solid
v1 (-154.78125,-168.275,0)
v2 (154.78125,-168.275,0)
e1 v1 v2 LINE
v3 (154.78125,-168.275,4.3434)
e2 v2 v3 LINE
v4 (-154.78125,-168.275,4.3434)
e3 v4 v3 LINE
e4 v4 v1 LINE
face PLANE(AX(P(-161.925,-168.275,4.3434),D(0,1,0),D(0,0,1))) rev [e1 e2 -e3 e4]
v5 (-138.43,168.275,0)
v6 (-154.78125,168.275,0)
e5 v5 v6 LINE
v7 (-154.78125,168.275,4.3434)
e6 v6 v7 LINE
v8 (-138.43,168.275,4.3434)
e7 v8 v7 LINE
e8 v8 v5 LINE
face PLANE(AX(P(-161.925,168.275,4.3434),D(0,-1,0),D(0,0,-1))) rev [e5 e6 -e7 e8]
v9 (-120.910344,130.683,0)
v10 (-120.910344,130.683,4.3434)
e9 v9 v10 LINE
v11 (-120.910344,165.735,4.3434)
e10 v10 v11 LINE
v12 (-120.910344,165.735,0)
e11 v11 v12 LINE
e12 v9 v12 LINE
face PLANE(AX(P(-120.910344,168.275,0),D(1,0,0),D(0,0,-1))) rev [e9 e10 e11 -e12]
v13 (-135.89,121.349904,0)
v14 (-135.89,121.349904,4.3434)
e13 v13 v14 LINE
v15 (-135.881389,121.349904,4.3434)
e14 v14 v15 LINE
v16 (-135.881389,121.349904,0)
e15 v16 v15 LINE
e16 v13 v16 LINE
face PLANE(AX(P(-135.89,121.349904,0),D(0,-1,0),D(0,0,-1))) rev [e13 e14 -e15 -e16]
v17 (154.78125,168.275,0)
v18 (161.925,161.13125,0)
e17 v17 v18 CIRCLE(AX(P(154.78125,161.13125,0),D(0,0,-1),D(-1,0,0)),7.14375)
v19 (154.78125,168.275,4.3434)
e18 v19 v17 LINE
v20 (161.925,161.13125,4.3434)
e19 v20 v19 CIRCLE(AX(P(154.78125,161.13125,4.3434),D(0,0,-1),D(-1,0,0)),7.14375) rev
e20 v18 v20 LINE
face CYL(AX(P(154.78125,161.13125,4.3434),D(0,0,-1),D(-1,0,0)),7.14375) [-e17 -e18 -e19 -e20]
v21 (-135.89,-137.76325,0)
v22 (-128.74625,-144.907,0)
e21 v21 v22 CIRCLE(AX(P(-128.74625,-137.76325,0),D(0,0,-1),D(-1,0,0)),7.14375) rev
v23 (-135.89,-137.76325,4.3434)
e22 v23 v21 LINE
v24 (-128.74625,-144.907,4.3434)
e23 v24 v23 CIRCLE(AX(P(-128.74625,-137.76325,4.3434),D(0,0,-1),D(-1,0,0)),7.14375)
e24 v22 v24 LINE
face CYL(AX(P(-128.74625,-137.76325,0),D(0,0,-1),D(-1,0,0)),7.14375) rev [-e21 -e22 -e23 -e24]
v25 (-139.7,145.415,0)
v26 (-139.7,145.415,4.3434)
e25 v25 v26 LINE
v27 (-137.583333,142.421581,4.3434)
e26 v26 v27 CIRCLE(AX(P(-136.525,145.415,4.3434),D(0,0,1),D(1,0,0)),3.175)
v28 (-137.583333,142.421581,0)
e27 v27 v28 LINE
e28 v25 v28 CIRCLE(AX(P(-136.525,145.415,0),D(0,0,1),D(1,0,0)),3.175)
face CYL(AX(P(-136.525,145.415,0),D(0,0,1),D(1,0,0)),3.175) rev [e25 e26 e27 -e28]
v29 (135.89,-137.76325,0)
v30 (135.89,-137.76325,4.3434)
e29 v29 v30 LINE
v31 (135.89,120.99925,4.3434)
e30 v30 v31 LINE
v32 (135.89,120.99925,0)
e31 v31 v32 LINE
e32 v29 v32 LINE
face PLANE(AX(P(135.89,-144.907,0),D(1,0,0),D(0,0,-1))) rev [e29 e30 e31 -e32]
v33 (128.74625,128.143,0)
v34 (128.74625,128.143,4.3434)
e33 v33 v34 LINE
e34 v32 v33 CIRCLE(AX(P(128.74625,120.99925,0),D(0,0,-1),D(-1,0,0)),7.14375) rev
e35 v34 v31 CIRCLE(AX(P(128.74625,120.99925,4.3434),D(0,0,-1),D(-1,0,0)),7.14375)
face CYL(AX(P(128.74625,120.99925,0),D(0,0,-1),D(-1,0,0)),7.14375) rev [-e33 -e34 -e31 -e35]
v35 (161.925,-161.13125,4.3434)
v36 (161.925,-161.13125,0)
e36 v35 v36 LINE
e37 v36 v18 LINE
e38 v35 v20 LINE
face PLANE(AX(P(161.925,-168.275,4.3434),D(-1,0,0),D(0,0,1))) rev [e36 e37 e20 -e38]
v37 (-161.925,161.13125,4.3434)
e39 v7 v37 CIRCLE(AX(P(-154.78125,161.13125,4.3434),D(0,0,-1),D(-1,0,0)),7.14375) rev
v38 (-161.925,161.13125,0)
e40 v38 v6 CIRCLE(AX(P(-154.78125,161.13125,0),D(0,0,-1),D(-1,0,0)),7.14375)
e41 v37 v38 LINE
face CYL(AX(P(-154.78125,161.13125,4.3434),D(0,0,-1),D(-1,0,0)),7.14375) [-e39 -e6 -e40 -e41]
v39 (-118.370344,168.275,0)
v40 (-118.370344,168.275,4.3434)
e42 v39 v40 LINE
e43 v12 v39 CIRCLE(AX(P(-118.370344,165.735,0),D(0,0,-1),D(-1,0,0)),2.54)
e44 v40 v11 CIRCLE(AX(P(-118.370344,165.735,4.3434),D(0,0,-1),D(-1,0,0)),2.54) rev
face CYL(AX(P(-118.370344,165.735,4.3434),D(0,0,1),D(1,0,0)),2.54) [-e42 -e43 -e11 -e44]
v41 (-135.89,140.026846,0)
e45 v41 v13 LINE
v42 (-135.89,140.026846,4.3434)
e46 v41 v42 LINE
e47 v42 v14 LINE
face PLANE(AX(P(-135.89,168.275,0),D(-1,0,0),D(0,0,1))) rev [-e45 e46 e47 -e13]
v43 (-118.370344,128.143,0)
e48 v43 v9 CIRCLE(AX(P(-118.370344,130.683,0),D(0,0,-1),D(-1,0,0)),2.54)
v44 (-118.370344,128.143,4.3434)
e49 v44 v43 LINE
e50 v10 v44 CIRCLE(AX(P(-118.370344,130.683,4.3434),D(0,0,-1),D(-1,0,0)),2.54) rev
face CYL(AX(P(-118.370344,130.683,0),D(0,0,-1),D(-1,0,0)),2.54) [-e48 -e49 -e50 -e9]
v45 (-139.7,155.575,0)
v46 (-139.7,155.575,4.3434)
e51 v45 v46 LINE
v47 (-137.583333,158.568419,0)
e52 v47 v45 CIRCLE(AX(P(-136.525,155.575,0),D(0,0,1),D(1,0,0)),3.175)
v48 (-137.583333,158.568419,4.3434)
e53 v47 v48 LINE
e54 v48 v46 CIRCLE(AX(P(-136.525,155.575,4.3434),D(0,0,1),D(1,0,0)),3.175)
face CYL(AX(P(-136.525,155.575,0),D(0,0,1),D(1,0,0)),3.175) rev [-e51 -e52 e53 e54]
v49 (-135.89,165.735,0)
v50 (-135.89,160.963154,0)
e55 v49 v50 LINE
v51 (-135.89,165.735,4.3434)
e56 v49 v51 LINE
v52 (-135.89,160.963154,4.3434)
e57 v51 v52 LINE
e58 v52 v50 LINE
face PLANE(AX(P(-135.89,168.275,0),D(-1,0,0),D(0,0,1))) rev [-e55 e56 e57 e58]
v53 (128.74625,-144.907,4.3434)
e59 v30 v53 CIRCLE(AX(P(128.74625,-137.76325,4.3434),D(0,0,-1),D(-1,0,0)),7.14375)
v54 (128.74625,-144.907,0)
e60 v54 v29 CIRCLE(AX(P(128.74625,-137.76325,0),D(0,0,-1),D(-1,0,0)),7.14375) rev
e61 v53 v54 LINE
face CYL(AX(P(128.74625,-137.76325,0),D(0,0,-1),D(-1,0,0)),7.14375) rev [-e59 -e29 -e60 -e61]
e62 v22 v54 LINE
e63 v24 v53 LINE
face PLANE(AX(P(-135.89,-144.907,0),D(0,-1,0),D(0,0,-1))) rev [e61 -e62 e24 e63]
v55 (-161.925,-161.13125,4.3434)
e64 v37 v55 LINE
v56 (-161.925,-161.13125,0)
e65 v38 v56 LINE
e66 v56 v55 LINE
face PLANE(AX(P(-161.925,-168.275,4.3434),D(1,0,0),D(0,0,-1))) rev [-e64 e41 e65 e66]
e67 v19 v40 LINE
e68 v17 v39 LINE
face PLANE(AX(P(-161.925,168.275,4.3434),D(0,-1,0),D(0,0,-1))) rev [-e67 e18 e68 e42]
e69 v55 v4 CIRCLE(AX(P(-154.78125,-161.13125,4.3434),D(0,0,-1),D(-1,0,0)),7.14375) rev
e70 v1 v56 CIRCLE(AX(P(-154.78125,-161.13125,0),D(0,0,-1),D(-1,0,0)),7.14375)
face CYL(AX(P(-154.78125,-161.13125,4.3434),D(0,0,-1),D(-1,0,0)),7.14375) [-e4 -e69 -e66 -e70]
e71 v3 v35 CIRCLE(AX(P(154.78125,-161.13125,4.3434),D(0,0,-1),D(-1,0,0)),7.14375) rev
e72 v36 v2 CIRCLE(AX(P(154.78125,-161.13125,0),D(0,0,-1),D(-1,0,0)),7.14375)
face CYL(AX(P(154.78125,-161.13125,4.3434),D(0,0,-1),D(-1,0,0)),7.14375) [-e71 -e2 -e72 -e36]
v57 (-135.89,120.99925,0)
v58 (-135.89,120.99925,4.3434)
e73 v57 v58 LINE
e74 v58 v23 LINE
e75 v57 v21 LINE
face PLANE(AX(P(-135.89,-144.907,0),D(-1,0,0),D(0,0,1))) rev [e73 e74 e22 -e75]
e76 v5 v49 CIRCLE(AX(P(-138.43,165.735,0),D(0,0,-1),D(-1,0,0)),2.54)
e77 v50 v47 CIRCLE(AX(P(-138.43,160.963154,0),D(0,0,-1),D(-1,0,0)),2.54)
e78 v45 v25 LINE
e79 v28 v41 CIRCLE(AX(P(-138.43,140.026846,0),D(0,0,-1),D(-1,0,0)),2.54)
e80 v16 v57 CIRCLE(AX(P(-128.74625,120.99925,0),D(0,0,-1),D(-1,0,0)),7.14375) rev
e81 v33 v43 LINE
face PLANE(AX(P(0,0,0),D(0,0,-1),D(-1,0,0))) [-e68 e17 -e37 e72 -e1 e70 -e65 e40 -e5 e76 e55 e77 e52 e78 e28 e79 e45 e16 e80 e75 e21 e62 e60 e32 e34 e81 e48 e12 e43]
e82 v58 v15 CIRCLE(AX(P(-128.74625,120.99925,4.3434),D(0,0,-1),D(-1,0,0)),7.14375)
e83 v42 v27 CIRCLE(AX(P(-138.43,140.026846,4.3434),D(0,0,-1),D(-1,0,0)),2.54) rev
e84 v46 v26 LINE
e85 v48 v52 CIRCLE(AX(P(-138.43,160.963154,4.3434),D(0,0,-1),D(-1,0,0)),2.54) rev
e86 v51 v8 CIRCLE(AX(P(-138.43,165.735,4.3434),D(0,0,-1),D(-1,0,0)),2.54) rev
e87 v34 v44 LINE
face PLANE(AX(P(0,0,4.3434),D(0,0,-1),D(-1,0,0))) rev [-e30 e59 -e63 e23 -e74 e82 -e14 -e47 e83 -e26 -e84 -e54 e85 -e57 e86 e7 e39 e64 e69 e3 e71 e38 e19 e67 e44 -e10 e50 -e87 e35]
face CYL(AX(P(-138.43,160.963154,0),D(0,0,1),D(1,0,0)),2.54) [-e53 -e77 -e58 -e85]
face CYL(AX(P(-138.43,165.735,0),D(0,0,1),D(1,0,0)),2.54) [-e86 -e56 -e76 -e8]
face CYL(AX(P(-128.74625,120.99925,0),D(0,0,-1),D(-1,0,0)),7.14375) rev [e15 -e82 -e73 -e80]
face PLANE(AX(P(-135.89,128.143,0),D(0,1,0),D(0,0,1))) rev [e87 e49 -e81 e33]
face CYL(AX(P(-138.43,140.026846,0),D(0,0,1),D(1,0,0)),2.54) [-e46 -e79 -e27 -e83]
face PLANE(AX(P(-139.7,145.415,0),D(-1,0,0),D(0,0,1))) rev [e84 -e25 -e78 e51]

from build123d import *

# Parameters (mm, degrees)
SKETCH1_W           = 323.85
SKETCH1_H           = 336.55
BOSS_EXTRUDE1_DEPTH = 4.3434
SKETCH2_W           = 271.78
SKETCH2_H           = 273.05
CUT_EXTRUDE1_DEPTH  = 5.3434
FILLET1_R           = 7.14375
CUT_EXTRUDE2_DEPTH  = 5.3434
SKETCH4_W           = 14.979655554
SKETCH4_H           = 46.925096095
CUT_EXTRUDE3_DEPTH  = 5.3434
FILLET2_R           = 2.54


with BuildPart() as part:
    # Sketch1 → Boss-Extrude1 (new body)
    with BuildSketch(Plane.XY):
        Rectangle(SKETCH1_W, SKETCH1_H)
    extrude(amount=BOSS_EXTRUDE1_DEPTH)

    # Sketch2 → Cut-Extrude1 (cut, through all)
    with BuildSketch(Plane.XY.offset(4.3434)):
        with Locations((0, -8.382)):
            Rectangle(SKETCH2_W, SKETCH2_H)
    extrude(amount=-CUT_EXTRUDE1_DEPTH, mode=Mode.SUBTRACT)

    # Fillet1
    fillet1_edges = [part.edges().sort_by_distance(p)[0] for p in [
        (135.89, 128.143, 2.1717),
        (135.89, -144.907, 2.1717),
        (-135.89, -144.907, 2.1717),
        (-135.89, 128.143, 2.1717),
        (161.925, -168.275, 2.1717),
        (-161.925, -168.275, 2.1717),
        (-161.925, 168.275, 2.1717),
        (161.925, 168.275, 2.1717),
    ]]
    fillet(fillet1_edges, radius=FILLET1_R)

    # Sketch3 → Cut-Extrude2 (cut, through all)
    with BuildSketch(Plane.XY.offset(4.3434)):
        with BuildLine():
            Line((-139.7, 145.415), (-139.7, 155.575))
            ThreePointArc((-139.7, 155.575), (-136.525, 158.75), (-133.35, 155.575))
            Line((-133.35, 155.575), (-133.35, 145.415))
            ThreePointArc((-133.35, 145.415), (-136.525, 142.24), (-139.7, 145.415))
        make_face()
    extrude(amount=-CUT_EXTRUDE2_DEPTH, mode=Mode.SUBTRACT)

    # Sketch4 → Cut-Extrude3 (cut, through all)
    with BuildSketch(Plane.XY.offset(4.3434)):
        with Locations((-128.400172223, 144.812451952)):
            Rectangle(SKETCH4_W, SKETCH4_H)
    extrude(amount=-CUT_EXTRUDE3_DEPTH, mode=Mode.SUBTRACT)

    # Fillet2
    fillet2_edges = [part.edges().sort_by_distance(p)[0] for p in [
        (-120.910344446, 168.275, 2.1717),
        (-135.89, 142.304148027, 2.1717),
        (-135.89, 168.275, 2.1717),
        (-135.89, 158.685851973, 2.1717),
        (-120.910344446, 128.143, 2.1717),
    ]]
    fillet(fillet2_edges, radius=FILLET2_R)


solid = part.part
